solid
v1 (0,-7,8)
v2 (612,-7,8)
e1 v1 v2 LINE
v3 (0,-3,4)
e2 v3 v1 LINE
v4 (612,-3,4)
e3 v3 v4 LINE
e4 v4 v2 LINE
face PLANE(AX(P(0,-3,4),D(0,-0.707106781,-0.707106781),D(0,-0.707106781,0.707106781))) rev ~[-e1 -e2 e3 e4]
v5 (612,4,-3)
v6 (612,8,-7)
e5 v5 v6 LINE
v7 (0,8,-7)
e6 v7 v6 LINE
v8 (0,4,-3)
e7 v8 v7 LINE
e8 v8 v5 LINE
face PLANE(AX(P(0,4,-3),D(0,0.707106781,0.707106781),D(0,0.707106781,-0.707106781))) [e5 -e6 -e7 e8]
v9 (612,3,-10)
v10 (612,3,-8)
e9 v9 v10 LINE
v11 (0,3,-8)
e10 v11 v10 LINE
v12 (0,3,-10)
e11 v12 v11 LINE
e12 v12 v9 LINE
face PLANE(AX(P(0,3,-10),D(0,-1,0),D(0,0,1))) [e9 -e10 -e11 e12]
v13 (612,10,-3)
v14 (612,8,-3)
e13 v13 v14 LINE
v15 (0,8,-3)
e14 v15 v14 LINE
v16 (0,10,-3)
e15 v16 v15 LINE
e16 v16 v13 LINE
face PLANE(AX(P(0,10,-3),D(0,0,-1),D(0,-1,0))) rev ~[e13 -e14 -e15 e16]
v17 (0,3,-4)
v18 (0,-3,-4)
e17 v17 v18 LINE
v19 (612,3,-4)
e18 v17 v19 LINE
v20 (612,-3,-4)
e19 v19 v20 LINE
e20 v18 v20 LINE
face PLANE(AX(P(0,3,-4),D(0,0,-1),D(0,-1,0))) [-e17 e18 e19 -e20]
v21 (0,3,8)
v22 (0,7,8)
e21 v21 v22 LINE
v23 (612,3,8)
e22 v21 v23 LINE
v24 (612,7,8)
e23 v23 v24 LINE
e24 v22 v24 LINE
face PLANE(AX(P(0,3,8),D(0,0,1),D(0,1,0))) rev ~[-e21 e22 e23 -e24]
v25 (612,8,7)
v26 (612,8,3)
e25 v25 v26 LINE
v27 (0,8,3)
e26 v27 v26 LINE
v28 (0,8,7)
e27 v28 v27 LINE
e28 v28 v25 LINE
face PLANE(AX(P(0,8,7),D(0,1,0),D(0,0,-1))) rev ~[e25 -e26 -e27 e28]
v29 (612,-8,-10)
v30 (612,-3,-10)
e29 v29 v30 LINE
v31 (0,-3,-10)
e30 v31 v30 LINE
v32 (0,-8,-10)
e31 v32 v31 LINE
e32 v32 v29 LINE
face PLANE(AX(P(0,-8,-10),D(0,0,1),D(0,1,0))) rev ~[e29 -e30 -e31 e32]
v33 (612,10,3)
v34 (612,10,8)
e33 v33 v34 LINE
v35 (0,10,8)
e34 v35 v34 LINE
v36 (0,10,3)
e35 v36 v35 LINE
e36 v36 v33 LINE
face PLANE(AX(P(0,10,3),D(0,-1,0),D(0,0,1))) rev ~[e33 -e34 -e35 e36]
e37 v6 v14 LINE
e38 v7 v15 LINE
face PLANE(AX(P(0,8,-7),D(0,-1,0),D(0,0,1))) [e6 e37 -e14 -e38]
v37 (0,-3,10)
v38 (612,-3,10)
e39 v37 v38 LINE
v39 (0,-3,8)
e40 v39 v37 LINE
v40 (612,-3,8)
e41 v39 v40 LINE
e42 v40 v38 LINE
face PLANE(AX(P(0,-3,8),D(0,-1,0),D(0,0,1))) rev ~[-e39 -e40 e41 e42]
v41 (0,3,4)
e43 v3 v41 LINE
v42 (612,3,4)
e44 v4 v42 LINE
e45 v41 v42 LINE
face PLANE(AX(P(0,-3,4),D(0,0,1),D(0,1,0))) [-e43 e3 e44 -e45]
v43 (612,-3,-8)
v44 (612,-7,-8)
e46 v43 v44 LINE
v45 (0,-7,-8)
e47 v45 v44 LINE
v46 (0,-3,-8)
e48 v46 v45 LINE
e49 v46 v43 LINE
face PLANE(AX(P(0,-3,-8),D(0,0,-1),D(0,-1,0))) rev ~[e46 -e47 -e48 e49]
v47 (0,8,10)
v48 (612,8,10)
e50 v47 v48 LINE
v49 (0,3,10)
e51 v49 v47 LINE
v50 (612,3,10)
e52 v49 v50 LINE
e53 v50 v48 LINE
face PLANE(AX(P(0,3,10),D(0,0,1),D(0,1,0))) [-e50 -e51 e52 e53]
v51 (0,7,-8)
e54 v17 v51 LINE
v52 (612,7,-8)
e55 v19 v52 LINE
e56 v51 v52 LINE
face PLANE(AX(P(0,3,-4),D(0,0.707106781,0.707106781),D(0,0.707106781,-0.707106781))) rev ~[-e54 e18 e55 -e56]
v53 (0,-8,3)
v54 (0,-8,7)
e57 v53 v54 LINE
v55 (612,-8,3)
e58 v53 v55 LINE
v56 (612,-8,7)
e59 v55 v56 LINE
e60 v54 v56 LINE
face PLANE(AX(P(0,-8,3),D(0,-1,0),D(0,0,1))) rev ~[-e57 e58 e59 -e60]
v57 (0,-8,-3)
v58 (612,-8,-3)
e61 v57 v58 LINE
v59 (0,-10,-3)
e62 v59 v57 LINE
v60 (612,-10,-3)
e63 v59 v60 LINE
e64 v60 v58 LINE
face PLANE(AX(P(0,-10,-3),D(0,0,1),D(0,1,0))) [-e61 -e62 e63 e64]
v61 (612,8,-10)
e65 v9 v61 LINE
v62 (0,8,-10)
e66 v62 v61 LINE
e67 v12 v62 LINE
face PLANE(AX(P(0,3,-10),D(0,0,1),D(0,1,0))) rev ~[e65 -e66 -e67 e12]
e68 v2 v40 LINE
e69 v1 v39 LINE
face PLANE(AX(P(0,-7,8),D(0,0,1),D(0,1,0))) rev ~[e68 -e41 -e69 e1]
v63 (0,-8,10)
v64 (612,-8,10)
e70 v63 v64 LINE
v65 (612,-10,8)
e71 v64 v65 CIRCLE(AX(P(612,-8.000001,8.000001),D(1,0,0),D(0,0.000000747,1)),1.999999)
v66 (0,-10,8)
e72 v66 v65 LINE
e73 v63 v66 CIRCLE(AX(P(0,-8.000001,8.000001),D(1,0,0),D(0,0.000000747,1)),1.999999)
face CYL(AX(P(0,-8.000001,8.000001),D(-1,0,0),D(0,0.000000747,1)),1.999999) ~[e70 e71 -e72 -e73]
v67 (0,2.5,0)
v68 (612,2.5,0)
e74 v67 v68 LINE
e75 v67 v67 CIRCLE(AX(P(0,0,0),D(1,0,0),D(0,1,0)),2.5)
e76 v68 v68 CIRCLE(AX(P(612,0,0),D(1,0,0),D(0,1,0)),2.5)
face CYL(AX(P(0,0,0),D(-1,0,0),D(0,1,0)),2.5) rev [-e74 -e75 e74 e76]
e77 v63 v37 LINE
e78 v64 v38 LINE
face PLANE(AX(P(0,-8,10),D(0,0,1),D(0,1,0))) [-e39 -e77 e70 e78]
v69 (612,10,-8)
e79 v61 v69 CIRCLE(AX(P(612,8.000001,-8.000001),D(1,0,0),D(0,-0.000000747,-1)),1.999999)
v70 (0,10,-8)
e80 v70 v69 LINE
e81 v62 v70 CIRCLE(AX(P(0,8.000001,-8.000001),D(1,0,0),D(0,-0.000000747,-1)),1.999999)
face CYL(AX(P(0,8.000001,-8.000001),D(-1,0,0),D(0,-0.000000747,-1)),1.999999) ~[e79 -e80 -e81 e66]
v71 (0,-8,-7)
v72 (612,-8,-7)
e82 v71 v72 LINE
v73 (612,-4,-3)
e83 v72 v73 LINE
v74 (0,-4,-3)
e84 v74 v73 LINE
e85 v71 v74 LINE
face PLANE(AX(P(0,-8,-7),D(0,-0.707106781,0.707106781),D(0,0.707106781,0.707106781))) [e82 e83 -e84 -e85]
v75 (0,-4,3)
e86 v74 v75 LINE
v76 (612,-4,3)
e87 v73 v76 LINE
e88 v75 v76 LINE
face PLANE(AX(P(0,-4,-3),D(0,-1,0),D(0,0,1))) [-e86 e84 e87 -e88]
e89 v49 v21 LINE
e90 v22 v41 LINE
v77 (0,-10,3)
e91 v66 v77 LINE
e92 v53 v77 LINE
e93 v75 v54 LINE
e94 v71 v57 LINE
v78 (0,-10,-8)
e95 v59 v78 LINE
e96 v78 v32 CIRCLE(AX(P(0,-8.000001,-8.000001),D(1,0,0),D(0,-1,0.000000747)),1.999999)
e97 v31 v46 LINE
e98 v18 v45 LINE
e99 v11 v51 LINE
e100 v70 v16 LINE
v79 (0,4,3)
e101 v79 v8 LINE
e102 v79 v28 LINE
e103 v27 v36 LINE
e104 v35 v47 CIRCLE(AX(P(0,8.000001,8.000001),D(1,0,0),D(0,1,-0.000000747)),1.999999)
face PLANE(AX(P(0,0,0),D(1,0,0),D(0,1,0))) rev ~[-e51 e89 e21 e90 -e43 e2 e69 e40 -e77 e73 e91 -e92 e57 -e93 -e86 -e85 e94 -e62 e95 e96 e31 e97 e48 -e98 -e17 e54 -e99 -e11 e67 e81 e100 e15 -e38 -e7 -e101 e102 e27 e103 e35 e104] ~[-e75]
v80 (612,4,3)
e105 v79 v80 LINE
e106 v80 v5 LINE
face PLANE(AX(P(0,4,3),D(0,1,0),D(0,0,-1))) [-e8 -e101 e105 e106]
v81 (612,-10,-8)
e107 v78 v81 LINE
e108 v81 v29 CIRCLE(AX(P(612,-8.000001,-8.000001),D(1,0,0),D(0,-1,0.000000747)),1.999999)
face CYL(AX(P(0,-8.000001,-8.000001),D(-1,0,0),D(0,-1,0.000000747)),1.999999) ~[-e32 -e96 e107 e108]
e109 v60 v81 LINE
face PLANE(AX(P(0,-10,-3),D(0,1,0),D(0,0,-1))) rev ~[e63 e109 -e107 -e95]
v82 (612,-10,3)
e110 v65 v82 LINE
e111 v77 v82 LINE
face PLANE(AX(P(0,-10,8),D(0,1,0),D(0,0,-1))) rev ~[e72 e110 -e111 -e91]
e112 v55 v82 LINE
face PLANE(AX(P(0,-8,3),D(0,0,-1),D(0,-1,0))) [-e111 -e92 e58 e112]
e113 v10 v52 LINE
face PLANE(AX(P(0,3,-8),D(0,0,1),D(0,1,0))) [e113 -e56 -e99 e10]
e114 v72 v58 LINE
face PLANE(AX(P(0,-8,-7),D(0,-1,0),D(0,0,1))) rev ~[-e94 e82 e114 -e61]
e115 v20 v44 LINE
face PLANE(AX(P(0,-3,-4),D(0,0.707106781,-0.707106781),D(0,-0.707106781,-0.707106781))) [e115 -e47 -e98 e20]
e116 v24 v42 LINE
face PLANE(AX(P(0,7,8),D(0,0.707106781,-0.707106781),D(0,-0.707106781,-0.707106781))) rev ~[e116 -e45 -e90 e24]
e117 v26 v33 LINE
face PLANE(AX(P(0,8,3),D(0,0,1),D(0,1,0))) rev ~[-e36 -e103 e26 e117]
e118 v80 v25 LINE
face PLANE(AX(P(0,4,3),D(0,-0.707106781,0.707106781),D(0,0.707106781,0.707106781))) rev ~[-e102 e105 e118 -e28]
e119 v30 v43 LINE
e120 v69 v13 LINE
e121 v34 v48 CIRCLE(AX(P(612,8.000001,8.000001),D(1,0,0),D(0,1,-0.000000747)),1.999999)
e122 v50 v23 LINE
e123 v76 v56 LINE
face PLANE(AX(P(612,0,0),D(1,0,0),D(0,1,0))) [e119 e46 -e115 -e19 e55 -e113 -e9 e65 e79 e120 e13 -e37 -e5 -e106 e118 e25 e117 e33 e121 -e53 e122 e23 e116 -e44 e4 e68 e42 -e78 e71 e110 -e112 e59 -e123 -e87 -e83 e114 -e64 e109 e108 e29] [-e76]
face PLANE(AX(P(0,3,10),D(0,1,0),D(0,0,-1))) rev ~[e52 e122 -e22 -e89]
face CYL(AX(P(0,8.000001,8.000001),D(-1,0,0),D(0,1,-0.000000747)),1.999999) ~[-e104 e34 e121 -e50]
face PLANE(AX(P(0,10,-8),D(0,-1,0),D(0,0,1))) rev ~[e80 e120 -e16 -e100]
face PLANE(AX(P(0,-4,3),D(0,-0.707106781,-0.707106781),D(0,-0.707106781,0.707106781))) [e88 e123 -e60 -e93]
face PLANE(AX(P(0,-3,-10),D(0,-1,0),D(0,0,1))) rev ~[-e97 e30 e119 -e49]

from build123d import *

# Parameters (mm, degrees)
SKETCH_R  = 2.5
PAD_DEPTH = 612


with BuildPart() as part:
    # Sketch → Pad (new body)
    with BuildSketch(Plane.YZ):
        with BuildLine():
            ThreePointArc((-8, 10), (-9.414214, 9.414214), (-10, 8))
            Line((-10, 8), (-10, 3))
            Line((-8, 3), (-10, 3))
            Line((-8, 3), (-8, 7))
            Line((-4, 3), (-8, 7))
            Line((-4, -3), (-4, 3))
            Line((-8, -7), (-4, -3))
            Line((-8, -7), (-8, -3))
            Line((-10, -3), (-8, -3))
            Line((-10, -3), (-10, -8))
            ThreePointArc((-10, -8), (-9.414214, -9.414214), (-8, -10))
            Line((-8, -10), (-3, -10))
            Line((-3, -10), (-3, -8))
            Line((-3, -8), (-7, -8))
            Line((-3, -4), (-7, -8))
            Line((3, -4), (-3, -4))
            Line((3, -4), (7, -8))
            Line((3, -8), (7, -8))
            Line((3, -10), (3, -8))
            Line((3, -10), (8, -10))
            ThreePointArc((8, -10), (9.414214, -9.414214), (10, -8))
            Line((10, -8), (10, -3))
            Line((10, -3), (8, -3))
            Line((8, -7), (8, -3))
            Line((4, -3), (8, -7))
            Line((4, 3), (4, -3))
            Line((4, 3), (8, 7))
            Line((8, 7), (8, 3))
            Line((8, 3), (10, 3))
            Line((10, 3), (10, 8))
            ThreePointArc((10, 8), (9.414214, 9.414214), (8, 10))
            Line((3, 10), (8, 10))
            Line((3, 10), (3, 8))
            Line((3, 8), (7, 8))
            Line((7, 8), (3, 4))
            Line((-3, 4), (3, 4))
            Line((-3, 4), (-7, 8))
            Line((-7, 8), (-3, 8))
            Line((-3, 8), (-3, 10))
            Line((-8, 10), (-3, 10))
        make_face()
        Circle(SKETCH_R, mode=Mode.SUBTRACT)
    extrude(amount=PAD_DEPTH)


solid = part.part
